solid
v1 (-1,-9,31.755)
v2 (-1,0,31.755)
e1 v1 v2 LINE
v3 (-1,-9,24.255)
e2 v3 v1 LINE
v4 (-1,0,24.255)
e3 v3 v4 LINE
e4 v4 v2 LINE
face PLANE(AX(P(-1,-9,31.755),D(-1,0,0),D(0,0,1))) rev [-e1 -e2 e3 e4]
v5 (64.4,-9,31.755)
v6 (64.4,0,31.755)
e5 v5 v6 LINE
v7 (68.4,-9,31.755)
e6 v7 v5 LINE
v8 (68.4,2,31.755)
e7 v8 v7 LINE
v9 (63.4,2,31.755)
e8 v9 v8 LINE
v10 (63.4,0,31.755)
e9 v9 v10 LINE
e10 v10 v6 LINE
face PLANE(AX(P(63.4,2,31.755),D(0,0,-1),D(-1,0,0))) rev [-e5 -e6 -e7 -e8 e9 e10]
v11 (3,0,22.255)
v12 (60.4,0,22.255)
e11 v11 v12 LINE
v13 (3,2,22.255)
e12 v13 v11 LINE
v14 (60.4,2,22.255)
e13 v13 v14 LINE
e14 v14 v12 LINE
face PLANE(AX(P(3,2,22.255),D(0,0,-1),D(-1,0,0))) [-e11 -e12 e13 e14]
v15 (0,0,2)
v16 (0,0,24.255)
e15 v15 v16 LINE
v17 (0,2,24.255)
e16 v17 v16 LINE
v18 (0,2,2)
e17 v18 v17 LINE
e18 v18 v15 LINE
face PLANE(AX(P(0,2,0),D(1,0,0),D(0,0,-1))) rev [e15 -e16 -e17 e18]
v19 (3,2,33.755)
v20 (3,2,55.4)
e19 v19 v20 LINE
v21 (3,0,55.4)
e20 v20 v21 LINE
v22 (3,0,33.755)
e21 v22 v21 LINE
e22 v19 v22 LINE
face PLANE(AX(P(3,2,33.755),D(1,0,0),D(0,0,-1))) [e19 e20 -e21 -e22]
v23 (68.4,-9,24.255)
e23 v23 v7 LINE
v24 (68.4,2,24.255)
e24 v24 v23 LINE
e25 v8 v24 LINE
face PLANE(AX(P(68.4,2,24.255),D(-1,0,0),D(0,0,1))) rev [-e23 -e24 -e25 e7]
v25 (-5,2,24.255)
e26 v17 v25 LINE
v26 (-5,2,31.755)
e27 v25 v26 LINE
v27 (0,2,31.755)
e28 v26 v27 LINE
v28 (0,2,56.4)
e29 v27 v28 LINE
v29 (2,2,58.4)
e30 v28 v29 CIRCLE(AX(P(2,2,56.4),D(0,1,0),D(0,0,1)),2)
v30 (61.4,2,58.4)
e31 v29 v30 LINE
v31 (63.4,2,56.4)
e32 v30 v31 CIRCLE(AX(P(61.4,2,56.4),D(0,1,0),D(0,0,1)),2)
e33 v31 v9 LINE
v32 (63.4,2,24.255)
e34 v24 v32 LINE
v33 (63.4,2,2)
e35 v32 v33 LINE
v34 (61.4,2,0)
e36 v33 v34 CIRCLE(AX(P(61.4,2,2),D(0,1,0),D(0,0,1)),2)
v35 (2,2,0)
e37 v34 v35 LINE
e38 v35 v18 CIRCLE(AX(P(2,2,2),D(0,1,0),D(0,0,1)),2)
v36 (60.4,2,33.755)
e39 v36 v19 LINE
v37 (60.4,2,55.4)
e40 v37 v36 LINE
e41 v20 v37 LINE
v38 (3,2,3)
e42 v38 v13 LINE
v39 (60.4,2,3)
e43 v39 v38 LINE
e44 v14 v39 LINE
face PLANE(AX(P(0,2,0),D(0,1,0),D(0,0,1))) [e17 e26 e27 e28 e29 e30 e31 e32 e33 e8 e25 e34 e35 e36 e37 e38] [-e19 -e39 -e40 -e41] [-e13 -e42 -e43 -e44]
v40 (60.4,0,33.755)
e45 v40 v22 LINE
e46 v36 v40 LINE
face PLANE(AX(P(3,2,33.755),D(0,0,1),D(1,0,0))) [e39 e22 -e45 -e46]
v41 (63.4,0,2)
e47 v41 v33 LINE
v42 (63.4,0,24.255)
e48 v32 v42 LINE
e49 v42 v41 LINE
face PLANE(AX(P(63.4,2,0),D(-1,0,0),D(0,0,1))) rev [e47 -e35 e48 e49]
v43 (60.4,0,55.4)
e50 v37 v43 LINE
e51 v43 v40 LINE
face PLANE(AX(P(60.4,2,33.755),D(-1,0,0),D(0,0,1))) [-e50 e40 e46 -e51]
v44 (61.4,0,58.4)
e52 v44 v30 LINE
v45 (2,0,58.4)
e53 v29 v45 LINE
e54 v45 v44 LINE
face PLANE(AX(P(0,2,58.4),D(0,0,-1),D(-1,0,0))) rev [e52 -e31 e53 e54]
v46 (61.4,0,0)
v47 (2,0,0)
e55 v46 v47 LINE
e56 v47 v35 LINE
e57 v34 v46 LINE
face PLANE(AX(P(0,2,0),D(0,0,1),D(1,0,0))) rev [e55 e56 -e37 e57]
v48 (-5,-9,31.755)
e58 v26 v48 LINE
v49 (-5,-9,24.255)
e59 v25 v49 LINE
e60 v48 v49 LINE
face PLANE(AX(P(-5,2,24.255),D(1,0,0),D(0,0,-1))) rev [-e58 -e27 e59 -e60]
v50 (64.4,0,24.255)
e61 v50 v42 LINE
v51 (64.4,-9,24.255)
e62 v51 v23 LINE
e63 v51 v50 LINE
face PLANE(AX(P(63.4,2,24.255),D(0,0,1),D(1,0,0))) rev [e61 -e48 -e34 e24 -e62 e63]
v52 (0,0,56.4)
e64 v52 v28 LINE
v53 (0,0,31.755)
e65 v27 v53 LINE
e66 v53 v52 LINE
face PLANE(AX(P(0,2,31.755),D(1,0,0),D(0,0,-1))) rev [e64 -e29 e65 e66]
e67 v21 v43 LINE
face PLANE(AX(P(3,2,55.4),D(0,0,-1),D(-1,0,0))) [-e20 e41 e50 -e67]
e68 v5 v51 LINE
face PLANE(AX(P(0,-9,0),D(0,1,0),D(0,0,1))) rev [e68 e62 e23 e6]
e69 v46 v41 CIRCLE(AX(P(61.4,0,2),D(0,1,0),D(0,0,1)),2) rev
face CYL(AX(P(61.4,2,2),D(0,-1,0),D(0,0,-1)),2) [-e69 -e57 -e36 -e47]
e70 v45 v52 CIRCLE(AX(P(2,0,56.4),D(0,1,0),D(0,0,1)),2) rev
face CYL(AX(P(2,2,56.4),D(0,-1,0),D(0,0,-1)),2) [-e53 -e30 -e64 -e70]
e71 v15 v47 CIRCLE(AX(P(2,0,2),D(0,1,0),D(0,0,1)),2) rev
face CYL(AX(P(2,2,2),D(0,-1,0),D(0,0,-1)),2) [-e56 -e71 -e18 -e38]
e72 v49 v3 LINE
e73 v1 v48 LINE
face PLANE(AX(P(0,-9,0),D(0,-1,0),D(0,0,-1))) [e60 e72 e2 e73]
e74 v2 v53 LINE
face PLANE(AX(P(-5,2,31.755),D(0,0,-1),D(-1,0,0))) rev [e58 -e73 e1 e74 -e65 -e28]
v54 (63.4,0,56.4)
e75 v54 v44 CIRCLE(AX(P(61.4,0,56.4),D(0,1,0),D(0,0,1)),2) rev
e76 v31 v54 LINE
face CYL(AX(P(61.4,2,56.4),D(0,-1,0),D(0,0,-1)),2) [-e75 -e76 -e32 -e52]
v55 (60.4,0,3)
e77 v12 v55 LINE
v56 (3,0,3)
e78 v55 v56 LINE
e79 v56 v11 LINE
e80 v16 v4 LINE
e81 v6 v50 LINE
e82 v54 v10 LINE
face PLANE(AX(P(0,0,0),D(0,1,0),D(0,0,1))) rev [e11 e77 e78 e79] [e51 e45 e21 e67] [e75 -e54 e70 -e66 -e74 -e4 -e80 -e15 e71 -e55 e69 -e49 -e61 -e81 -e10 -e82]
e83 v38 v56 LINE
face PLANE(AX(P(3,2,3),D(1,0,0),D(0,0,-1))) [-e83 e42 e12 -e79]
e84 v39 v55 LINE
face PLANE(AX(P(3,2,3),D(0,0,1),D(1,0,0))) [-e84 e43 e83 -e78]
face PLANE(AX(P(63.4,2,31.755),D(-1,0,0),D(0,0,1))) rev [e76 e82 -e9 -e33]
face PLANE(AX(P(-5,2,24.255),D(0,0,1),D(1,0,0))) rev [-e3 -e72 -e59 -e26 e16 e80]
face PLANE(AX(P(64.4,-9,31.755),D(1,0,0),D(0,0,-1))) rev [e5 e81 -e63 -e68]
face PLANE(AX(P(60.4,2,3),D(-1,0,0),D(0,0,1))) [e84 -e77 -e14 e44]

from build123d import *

# Parameters (mm, degrees)
SKETCH_1_W      = 57.4
SKETCH_1_H      = 19.255
SKETCH_1_H_2    = 21.645
EXTRUDE_1_DEPTH = 2
FILLET_1_R      = 2
SKETCH_2_W      = 4
SKETCH_2_H      = 7.5
EXTRUDE_2_DEPTH = 9


with BuildPart() as part:
    # Эскиз1 → Бобышка-Вытянуть1 (new body)
    with BuildSketch(Plane(origin=(0, 0, 0), x_dir=(1, 0, 0), z_dir=(0, 1, 0))):
        Polygon((63.4, -24.255), (68.4, -24.255), (68.4, -31.755), (63.4, -31.755), (63.4, -58.4), (0, -58.4), (0, -31.755), (-5, -31.755), (-5, -24.255), (0, -24.255), (0, 0), (63.4, 0), align=None)
        with Locations((31.7, -12.6275)):
            Rectangle(SKETCH_1_W, SKETCH_1_H, mode=Mode.SUBTRACT)
        with Locations((31.7, -44.5775)):
            Rectangle(SKETCH_1_W, SKETCH_1_H_2, mode=Mode.SUBTRACT)
    extrude(amount=EXTRUDE_1_DEPTH)

    # Скругление1
    fillet_1_edges = [part.edges().sort_by_distance(p)[0] for p in [
        (0, 1, 0),
        (63.4, 1, 0),
        (63.4, 1, 58.4),
        (0, 1, 58.4),
    ]]
    fillet(fillet_1_edges, radius=FILLET_1_R)

    # Эскиз2 → Бобышка-Вытянуть2 (add)
    with BuildSketch(Plane(origin=(0, 0, 0), x_dir=(-1, 0, 0), z_dir=(0, -1, 0))):
        with Locations((3, -28.005)):
            Rectangle(SKETCH_2_W, SKETCH_2_H)
        with Locations((-66.4, -28.005)):
            Rectangle(SKETCH_2_W, SKETCH_2_H)
    extrude(amount=EXTRUDE_2_DEPTH)


solid = part.part
